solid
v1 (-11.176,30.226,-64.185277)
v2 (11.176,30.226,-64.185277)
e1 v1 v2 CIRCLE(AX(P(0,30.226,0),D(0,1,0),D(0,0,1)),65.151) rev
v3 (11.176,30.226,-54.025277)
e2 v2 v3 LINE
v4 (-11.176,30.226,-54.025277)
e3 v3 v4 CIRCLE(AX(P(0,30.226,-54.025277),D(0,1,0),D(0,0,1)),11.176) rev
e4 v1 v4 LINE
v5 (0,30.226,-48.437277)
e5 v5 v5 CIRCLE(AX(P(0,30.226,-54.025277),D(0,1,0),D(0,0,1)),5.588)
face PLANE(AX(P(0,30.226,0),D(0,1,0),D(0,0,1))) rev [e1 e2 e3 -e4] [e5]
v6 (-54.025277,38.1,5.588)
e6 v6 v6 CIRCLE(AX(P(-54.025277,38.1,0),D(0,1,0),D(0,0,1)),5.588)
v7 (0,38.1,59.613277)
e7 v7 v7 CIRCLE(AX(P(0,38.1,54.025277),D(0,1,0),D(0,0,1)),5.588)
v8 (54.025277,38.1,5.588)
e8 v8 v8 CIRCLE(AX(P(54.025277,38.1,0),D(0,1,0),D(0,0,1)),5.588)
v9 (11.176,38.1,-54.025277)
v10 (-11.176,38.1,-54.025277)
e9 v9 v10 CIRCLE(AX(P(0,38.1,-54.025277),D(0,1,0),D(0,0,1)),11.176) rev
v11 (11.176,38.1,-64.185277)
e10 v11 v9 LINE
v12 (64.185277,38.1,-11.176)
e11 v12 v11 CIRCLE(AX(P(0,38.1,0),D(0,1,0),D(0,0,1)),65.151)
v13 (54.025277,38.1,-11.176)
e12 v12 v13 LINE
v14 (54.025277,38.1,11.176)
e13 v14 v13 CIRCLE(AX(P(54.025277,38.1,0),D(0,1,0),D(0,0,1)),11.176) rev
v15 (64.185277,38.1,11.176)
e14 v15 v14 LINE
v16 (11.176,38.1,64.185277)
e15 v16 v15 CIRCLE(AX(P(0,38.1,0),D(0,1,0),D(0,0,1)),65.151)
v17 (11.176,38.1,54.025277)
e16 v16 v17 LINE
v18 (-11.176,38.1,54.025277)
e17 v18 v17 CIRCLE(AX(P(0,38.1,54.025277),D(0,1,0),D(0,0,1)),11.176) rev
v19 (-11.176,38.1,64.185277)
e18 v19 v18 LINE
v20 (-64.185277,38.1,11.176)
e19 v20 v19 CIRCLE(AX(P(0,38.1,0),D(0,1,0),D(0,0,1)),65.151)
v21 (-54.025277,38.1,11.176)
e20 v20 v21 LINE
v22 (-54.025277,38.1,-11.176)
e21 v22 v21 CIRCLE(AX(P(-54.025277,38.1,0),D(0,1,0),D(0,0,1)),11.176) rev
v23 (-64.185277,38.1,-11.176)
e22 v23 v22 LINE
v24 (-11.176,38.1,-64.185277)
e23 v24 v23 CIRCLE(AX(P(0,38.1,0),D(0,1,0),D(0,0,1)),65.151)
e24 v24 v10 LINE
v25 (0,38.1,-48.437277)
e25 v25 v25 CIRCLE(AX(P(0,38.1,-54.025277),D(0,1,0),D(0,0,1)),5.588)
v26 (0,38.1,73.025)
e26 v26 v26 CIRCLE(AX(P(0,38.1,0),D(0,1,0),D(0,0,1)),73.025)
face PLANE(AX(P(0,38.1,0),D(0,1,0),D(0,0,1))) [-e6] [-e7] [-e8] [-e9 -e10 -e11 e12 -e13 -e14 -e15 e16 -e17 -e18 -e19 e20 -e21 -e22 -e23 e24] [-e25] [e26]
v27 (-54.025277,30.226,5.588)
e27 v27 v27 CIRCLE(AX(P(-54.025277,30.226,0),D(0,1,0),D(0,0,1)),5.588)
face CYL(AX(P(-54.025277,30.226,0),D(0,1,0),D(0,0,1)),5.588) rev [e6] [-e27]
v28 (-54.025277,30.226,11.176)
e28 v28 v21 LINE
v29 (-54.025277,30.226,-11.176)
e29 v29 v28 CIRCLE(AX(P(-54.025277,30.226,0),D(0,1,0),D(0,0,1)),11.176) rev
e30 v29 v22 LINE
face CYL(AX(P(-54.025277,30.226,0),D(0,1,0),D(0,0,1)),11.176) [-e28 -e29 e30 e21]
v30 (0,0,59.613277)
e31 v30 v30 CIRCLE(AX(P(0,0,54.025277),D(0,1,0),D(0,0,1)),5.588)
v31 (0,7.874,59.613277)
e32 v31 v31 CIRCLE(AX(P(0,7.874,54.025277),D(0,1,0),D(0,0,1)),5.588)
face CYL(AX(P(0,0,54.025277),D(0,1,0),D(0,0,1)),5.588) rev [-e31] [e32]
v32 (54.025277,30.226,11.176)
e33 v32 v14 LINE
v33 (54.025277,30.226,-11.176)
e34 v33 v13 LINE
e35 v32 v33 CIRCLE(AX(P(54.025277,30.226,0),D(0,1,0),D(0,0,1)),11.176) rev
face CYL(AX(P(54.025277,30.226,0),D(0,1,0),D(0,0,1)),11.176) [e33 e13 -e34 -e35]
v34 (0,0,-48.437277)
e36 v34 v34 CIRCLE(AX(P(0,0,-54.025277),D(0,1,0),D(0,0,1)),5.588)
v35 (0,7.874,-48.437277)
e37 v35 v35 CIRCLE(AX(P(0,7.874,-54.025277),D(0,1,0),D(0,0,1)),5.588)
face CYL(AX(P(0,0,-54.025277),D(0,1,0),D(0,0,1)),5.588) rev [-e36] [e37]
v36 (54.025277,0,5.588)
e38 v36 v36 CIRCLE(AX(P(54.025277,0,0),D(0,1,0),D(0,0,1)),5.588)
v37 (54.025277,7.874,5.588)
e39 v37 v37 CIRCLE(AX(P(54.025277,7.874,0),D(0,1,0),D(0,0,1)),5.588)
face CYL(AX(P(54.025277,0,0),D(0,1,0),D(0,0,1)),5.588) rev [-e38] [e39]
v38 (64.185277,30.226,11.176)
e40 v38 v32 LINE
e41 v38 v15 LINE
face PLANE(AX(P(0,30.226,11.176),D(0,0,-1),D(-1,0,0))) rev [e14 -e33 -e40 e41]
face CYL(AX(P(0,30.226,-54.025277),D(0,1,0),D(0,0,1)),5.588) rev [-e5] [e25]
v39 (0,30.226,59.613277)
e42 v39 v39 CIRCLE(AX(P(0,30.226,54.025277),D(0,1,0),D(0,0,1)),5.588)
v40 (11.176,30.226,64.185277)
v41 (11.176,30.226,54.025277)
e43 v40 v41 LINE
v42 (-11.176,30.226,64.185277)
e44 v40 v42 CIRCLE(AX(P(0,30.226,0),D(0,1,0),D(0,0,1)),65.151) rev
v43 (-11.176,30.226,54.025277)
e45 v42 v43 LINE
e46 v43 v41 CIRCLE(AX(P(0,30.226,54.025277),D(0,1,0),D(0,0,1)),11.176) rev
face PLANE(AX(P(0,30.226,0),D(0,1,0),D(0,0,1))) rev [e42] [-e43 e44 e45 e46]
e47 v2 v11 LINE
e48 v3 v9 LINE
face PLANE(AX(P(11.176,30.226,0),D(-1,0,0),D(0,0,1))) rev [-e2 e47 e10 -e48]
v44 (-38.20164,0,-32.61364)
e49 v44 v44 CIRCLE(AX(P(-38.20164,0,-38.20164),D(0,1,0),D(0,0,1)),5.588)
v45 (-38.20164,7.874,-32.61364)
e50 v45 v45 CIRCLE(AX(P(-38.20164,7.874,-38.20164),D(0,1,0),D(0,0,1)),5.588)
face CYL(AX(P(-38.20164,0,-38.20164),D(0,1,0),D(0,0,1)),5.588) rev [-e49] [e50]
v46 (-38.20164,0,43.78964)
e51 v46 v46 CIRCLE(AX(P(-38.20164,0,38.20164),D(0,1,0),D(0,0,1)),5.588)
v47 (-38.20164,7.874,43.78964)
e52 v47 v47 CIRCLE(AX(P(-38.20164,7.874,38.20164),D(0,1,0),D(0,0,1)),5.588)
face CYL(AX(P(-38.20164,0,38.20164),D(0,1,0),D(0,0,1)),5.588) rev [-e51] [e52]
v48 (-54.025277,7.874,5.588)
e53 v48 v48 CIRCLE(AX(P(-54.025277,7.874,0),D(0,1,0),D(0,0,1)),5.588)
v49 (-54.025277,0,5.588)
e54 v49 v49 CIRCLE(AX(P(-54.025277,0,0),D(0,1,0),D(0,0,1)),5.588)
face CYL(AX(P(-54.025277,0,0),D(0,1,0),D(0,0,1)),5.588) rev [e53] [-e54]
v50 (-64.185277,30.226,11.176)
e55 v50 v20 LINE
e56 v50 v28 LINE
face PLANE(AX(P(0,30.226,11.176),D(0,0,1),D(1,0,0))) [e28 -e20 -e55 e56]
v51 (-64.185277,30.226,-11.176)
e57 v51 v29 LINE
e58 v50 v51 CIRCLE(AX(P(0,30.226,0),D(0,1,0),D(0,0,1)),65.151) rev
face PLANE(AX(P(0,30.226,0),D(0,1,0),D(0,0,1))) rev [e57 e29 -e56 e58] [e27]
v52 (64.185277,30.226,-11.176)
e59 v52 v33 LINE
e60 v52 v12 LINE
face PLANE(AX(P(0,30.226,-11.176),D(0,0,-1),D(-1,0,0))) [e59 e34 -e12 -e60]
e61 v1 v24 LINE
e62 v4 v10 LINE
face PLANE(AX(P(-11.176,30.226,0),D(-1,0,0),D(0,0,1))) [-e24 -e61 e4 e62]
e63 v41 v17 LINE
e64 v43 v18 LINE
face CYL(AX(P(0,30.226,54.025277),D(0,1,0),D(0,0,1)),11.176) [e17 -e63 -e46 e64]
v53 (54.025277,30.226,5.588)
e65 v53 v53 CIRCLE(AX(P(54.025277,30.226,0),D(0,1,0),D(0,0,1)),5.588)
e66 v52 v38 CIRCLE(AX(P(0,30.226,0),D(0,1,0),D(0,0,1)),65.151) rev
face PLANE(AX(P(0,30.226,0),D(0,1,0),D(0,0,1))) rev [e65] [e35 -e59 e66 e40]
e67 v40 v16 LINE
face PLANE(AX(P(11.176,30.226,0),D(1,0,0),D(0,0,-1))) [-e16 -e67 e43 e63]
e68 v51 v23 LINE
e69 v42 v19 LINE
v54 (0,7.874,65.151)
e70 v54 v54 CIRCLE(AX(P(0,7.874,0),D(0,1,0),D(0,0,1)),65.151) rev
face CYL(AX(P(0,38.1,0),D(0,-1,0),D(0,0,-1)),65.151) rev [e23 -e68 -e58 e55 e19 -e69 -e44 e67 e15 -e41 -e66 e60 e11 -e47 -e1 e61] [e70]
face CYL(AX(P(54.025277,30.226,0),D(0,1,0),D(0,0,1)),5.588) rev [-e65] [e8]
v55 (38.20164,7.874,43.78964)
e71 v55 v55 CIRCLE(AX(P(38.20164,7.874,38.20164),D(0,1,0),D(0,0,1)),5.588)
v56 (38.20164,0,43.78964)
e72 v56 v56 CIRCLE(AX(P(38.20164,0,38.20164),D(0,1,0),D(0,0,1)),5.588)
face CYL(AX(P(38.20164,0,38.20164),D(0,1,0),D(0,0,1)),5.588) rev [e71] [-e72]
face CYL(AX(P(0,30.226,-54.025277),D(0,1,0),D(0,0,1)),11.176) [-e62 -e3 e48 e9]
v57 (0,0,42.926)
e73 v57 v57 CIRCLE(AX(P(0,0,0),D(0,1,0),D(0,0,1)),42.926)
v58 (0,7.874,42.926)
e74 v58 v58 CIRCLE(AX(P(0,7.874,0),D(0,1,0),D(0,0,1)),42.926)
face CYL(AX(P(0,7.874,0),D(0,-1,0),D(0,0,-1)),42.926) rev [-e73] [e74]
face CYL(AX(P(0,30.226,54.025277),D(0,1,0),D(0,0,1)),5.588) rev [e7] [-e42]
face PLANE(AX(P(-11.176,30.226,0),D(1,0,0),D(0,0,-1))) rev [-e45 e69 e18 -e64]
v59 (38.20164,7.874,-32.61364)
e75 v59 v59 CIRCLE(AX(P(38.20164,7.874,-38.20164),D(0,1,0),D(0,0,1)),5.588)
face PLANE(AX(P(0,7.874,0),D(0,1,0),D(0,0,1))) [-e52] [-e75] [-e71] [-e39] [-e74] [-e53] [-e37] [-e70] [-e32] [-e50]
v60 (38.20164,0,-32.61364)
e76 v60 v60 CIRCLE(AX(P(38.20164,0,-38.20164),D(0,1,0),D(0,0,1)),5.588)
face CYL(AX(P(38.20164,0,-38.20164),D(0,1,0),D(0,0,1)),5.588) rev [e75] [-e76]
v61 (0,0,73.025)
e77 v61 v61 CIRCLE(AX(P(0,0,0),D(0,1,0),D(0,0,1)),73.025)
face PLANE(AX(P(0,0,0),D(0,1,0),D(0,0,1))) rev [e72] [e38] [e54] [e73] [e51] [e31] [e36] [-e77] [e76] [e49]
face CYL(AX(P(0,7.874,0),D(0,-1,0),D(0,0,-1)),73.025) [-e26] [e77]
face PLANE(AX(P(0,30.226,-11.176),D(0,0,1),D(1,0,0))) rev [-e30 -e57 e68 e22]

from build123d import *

# Parameters (mm, degrees)
SKETCH1_R           = 73.025
SKETCH1_R_2         = 42.926
BOSS_EXTRUDE1_DEPTH = 7.874
SKETCH2_R           = 73.025
SKETCH2_R_2         = 65.151
BOSS_EXTRUDE2_DEPTH = 30.226
BOSS_EXTRUDE3_START = -7.874
SKETCH3_R           = 5.588
BOSS_EXTRUDE3_DEPTH = 7.874
SKETCH4_R           = 5.588
CUT_EXTRUDE1_DEPTH  = 108.605354541


with BuildPart() as part:
    # Sketch1 → Boss-Extrude1 (new body)
    with BuildSketch(Plane(origin=(0, 0, 0), x_dir=(1, 0, 0), z_dir=(0, 1, 0))):
        with Locations(Location((0, 0, 0), (0, 0, 270))):
            Circle(SKETCH1_R)
        with Locations(Location((0, 0, 0), (0, 0, 270))):
            Circle(SKETCH1_R_2, mode=Mode.SUBTRACT)
    extrude(amount=BOSS_EXTRUDE1_DEPTH)

    # Sketch2 → Boss-Extrude2 (add)
    with BuildSketch(Plane(origin=(0, 7.874, 0), x_dir=(1, 0, 0), z_dir=(0, 1, 0))):
        with Locations(Location((0, 0, 0), (0, 0, 270))):
            Circle(SKETCH2_R)
        with Locations(Location((0, 0, 0), (0, 0, 270))):
            Circle(SKETCH2_R_2, mode=Mode.SUBTRACT)
    extrude(amount=BOSS_EXTRUDE2_DEPTH)

    # Sketch3 → Boss-Extrude3 (add)
    # profile 1 of 4: a face of its own
    with BuildSketch(Plane(origin=(0, 38.1, 0), x_dir=(1, 0, 0), z_dir=(0, 1, 0)).offset(BOSS_EXTRUDE3_START)):
        with BuildLine():
            Line((-54.025277323, 11.176), (-64.185277323, 11.176))
            ThreePointArc((-64.185277323, 11.176), (-65.151, 0), (-64.185277323, -11.176))
            Line((-64.185277323, -11.176), (-54.025277323, -11.176))
            ThreePointArc((-54.025277323, -11.176), (-42.849277323, 0), (-54.025277323, 11.176))
        make_face()
        with Locations(Location((-54.025277323, 0, 0), (0, 0, 270))):
            Circle(SKETCH3_R, mode=Mode.SUBTRACT)
    # profile 2 of 4: a face of its own
    with BuildSketch(Plane(origin=(0, 38.1, 0), x_dir=(1, 0, 0), z_dir=(0, 1, 0)).offset(BOSS_EXTRUDE3_START)):
        with BuildLine():
            ThreePointArc((11.176, 64.185277323), (0, 65.151), (-11.176, 64.185277323))
            Line((-11.176, 64.185277323), (-11.176, 54.025277323))
            ThreePointArc((-11.176, 54.025277323), (0, 42.849277323), (11.176, 54.025277323))
            Line((11.176, 54.025277323), (11.176, 64.185277323))
        make_face()
        with Locations(Location((0, 54.025277323, 0), (0, 0, 270))):
            Circle(SKETCH3_R, mode=Mode.SUBTRACT)
    # profile 3 of 4: a face of its own
    with BuildSketch(Plane(origin=(0, 38.1, 0), x_dir=(1, 0, 0), z_dir=(0, 1, 0)).offset(BOSS_EXTRUDE3_START)):
        with BuildLine():
            ThreePointArc((65.151, 0), (64.909120329, 5.608823323), (64.185277323, 11.176))
            Line((64.185277323, 11.176), (54.025277323, 11.176))
            ThreePointArc((54.025277323, 11.176), (42.849277323, 0), (54.025277323, -11.176))
            Line((54.025277323, -11.176), (64.185277323, -11.176))
            ThreePointArc((64.185277323, -11.176), (64.909120329, -5.608823323), (65.151, 0))
        make_face()
        with Locations(Location((54.025277323, 0, 0), (0, 0, 270))):
            Circle(SKETCH3_R, mode=Mode.SUBTRACT)
    # profile 4 of 4: a face of its own
    with BuildSketch(Plane(origin=(0, 38.1, 0), x_dir=(1, 0, 0), z_dir=(0, 1, 0)).offset(BOSS_EXTRUDE3_START)):
        with BuildLine():
            Line((-11.176, -54.025277323), (-11.176, -64.185277323))
            ThreePointArc((-11.176, -64.185277323), (0, -65.151), (11.176, -64.185277323))
            Line((11.176, -64.185277323), (11.176, -54.025277323))
            ThreePointArc((11.176, -54.025277323), (0, -42.849277323), (-11.176, -54.025277323))
        make_face()
        with Locations(Location((0, -54.025277323, 0), (0, 0, 270))):
            Circle(SKETCH3_R, mode=Mode.SUBTRACT)
    extrude(amount=BOSS_EXTRUDE3_DEPTH)

    # Sketch4 → Cut-Extrude1 (cut, through all)
    with BuildSketch(Plane(origin=(0, 7.874, 0), x_dir=(1, 0, 0), z_dir=(0, 1, 0))):
        with Locations(Location((-54.025277323, 0, 0), (0, 0, 270))):
            Circle(SKETCH4_R)
        with Locations(Location((-38.20163995, 38.20163995, 0), (0, 0, 270))):
            Circle(SKETCH4_R)
        with Locations(Location((0, 54.025277323, 0), (0, 0, 270))):
            Circle(SKETCH4_R)
        with Locations(Location((38.20163995, 38.20163995, 0), (0, 0, 270))):
            Circle(SKETCH4_R)
        with Locations(Location((54.025277323, 0, 0), (0, 0, 270))):
            Circle(SKETCH4_R)
        with Locations(Location((38.20163995, -38.20163995, 0), (0, 0, 270))):
            Circle(SKETCH4_R)
        with Locations(Location((0, -54.025277323, 0), (0, 0, 270))):
            Circle(SKETCH4_R)
        with Locations(Location((-38.20163995, -38.20163995, 0), (0, 0, 270))):
            Circle(SKETCH4_R)
    extrude(amount=-CUT_EXTRUDE1_DEPTH, mode=Mode.SUBTRACT)


solid = part.part
